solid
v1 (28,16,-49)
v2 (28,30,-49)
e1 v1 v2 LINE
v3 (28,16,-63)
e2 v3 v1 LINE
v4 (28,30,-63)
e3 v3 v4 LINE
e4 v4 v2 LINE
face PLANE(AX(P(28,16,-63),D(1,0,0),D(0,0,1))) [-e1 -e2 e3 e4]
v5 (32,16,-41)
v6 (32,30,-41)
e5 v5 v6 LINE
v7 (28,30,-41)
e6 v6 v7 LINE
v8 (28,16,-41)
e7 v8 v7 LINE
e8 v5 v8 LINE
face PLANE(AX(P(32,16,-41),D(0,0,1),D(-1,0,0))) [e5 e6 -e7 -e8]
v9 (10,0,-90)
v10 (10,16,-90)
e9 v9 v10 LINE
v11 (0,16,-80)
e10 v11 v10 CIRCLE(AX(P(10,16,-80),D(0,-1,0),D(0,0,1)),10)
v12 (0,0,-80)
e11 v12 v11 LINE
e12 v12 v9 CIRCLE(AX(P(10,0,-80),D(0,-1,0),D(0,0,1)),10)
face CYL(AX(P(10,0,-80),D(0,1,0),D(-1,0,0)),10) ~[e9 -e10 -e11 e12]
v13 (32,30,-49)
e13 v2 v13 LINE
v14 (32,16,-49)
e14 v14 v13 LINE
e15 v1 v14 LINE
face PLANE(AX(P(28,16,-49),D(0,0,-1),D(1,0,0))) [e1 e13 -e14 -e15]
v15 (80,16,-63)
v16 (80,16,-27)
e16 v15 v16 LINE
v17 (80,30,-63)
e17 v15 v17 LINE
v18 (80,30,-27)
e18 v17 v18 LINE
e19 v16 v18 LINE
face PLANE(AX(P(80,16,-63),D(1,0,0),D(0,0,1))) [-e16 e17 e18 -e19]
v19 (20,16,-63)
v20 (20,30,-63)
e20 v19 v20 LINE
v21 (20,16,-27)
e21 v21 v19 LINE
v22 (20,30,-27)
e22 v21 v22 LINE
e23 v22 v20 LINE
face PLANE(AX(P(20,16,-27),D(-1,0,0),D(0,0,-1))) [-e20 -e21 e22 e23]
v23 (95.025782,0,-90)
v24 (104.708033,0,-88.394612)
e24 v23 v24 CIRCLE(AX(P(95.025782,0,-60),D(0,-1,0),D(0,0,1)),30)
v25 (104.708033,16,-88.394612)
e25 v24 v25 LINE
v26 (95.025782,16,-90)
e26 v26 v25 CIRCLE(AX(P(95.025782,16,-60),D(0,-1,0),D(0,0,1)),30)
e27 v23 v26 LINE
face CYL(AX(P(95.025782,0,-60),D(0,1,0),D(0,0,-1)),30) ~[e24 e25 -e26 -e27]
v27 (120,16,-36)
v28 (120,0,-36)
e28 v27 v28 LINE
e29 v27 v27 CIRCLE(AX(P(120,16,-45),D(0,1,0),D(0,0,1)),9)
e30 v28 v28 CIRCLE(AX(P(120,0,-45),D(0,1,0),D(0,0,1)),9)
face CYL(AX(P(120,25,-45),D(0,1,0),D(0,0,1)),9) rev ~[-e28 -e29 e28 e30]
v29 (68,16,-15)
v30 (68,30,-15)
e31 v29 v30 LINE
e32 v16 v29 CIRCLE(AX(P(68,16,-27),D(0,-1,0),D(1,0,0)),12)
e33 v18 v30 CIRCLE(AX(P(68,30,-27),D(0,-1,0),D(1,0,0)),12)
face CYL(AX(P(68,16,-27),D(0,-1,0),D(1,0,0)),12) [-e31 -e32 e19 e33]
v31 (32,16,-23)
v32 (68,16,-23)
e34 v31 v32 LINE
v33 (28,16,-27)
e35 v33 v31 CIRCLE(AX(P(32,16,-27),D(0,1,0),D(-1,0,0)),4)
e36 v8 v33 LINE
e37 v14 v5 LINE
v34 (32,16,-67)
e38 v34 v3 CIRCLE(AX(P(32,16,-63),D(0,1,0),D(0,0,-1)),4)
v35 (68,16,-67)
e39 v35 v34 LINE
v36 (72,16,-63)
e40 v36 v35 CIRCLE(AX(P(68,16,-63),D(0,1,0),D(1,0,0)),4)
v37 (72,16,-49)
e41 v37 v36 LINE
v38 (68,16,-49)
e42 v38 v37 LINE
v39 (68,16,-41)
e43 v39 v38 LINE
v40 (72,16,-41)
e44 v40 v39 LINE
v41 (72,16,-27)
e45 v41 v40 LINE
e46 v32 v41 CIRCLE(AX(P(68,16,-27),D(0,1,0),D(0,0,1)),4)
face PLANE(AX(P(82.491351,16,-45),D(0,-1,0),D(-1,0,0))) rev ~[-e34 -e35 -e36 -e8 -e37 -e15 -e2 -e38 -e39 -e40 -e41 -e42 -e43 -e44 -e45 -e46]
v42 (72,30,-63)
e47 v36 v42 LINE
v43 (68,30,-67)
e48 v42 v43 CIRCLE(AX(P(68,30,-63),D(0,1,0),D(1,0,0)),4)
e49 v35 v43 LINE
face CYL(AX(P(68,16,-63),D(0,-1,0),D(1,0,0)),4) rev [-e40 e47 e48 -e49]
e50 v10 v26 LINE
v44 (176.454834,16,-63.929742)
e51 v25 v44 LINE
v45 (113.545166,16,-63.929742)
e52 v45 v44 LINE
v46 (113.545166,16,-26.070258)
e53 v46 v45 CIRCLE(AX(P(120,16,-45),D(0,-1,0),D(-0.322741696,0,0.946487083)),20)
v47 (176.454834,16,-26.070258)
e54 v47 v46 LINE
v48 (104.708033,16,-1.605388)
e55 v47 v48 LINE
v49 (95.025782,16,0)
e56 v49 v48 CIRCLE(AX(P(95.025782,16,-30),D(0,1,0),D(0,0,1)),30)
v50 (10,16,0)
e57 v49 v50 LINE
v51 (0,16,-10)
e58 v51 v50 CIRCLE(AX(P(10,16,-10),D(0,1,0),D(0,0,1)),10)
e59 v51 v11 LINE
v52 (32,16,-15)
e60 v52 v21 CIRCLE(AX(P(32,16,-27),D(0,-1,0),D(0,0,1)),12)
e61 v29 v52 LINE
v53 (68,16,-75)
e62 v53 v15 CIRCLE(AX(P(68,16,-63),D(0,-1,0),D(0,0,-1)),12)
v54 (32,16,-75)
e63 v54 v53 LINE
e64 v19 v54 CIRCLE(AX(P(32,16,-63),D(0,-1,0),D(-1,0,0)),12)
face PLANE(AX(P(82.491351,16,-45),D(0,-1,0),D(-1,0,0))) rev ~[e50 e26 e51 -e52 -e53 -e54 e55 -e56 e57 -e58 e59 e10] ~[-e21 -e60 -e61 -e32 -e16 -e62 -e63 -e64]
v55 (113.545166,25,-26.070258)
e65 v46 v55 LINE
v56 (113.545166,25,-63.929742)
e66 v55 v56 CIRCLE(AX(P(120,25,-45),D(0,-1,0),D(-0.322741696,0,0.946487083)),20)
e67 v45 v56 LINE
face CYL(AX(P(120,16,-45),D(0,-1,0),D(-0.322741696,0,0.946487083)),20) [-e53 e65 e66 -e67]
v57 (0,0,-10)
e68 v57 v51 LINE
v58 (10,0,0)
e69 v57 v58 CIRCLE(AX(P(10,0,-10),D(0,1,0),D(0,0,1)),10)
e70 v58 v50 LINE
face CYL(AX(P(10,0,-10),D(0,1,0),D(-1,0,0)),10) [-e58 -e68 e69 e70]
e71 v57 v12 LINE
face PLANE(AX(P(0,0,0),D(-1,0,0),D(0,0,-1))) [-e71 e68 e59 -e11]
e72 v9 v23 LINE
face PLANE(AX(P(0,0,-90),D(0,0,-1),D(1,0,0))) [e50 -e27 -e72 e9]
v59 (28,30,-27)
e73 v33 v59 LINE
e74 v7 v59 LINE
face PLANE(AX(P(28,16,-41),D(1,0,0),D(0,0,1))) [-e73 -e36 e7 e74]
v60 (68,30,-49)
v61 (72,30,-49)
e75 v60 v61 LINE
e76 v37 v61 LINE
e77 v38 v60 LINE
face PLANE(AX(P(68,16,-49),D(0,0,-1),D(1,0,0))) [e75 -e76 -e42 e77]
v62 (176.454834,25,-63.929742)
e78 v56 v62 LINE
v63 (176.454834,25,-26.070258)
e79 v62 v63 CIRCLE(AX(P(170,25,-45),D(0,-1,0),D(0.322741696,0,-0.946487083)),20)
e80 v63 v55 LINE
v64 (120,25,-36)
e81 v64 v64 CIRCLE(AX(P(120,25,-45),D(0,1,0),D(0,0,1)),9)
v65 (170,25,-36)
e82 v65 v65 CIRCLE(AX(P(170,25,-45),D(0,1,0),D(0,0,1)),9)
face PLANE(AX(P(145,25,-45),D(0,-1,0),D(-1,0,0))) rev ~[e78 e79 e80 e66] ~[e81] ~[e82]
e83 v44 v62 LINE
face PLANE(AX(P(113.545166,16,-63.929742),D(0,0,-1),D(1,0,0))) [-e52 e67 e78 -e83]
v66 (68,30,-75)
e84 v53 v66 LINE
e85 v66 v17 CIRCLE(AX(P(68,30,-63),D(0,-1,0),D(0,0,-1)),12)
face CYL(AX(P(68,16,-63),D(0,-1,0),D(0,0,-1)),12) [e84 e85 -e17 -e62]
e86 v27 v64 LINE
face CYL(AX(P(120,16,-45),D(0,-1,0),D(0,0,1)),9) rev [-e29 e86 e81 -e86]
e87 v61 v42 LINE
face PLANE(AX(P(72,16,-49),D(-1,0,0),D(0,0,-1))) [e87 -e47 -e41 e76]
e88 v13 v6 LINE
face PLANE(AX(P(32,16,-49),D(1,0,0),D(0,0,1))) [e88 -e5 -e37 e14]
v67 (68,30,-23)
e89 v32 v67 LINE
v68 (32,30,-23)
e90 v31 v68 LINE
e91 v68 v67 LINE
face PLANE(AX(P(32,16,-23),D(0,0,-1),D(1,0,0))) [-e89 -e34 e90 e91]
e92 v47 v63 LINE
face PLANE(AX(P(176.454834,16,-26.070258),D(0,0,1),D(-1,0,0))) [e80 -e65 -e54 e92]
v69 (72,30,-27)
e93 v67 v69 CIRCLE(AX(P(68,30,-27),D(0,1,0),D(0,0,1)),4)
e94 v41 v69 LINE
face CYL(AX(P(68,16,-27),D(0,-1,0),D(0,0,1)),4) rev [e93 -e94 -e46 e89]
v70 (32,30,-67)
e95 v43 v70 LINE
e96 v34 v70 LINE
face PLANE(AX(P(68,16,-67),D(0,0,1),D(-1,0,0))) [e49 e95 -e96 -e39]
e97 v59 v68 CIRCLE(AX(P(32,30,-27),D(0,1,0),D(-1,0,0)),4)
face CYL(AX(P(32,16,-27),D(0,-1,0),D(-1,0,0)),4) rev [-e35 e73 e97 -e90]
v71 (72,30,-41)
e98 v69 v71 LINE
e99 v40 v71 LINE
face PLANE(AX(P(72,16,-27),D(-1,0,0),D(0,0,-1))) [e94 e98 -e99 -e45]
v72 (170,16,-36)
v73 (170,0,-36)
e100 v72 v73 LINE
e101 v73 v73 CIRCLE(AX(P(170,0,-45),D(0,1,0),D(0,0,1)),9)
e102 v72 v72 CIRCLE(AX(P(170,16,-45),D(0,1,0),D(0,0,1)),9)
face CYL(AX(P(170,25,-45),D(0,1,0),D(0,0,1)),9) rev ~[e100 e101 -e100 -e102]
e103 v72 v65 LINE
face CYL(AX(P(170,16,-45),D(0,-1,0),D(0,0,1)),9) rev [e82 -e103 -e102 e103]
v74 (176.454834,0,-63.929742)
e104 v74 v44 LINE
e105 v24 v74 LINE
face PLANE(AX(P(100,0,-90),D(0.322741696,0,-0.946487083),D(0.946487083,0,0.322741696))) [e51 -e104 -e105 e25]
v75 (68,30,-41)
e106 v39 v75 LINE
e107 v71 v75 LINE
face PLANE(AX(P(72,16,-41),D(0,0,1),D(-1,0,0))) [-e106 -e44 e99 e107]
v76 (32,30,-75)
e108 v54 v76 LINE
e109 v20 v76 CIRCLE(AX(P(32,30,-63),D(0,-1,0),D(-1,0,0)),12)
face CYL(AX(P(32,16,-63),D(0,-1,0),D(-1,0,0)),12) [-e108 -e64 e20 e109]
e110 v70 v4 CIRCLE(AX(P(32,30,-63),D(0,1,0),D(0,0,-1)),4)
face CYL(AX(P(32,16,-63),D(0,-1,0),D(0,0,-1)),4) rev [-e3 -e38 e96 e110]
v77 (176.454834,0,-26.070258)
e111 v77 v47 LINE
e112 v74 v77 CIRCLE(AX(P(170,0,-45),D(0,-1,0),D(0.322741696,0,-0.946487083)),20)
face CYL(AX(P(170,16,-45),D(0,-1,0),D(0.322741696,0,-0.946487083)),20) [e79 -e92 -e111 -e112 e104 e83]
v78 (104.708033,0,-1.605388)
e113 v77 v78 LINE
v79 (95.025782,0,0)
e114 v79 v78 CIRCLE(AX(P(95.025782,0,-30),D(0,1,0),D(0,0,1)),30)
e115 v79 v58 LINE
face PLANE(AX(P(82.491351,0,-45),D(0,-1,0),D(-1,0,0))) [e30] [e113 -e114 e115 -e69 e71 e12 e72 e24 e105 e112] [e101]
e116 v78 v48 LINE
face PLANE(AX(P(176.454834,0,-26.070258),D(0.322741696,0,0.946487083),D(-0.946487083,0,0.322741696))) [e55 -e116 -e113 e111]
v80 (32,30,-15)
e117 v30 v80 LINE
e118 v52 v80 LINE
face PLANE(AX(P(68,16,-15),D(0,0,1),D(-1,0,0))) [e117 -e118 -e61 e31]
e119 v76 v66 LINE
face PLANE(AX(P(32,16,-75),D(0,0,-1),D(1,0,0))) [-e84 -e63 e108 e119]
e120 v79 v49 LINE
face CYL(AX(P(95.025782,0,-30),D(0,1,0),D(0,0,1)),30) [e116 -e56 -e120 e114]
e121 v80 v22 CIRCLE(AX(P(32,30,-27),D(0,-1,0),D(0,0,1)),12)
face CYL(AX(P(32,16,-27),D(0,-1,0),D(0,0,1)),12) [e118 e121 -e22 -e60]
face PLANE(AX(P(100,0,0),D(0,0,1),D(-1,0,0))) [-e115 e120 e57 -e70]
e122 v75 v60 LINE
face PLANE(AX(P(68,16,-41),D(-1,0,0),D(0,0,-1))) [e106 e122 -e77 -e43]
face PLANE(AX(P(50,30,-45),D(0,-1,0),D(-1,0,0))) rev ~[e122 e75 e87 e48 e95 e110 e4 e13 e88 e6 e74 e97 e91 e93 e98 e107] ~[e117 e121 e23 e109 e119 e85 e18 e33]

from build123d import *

# Parameters (mm, degrees)
EXTRUDE_1_DEPTH     = 16
FILLET_1_R          = 10
FILLET_2_R          = 30
EXTRUDE_2_DEPTH     = 14
SKETCH_5_R          = 9
EXTRUDE_3_DEPTH     = 9
SKETCH_7_R          = 9
CUT_EXTRUDE_2_DEPTH = 212.719153597


with BuildPart() as part:
    # 草图3 → 凸台-拉伸1 (new body)
    with BuildSketch(Plane(origin=(0, 0, 0), x_dir=(1, 0, 0), z_dir=(0, 1, 0))):
        with BuildLine():
            Line((0, 0), (0, 90))
            Line((0, 90), (100, 90))
            Line((100, 90), (176.45483392, 63.929741653))
            ThreePointArc((176.45483392, 63.929741653), (190, 45), (176.45483392, 26.070258347))
            Line((176.45483392, 26.070258347), (100, 0))
            Line((100, 0), (0, 0))
        make_face()
    extrude(amount=EXTRUDE_1_DEPTH)

    # 圆角1
    fillet_1_edges = [part.edges().sort_by_distance(p)[0] for p in [
        (0, 8, -90),
        (0, 8, 0),
    ]]
    fillet(fillet_1_edges, radius=FILLET_1_R)

    # 圆角2
    fillet_2_edges = [part.edges().sort_by_distance(p)[0] for p in [
        (100, 8, -90),
        (100, 8, 0),
    ]]
    fillet(fillet_2_edges, radius=FILLET_2_R)

    # 草图4 → 凸台-拉伸2 (add)
    with BuildSketch(Plane(origin=(0, 16, 0), x_dir=(1, 0, 0), z_dir=(0, 1, 0))):
        with BuildLine():
            Line((68, 75), (32, 75))
            ThreePointArc((32, 75), (23.514718626, 71.485281374), (20, 63))
            Line((20, 63), (20, 27))
            ThreePointArc((20, 27), (23.514718626, 18.514718626), (32, 15))
            Line((32, 15), (68, 15))
            ThreePointArc((68, 15), (76.485281374, 18.514718626), (80, 27))
            Line((80, 27), (80, 63))
            ThreePointArc((80, 63), (76.485281374, 71.485281374), (68, 75))
        make_face()
        with BuildLine():
            Line((28, 49), (28, 63))
            ThreePointArc((28, 63), (29.171572875, 65.828427125), (32, 67))
            Line((32, 67), (50, 67))
            Line((50, 67), (68, 67))
            ThreePointArc((68, 67), (70.828427125, 65.828427125), (72, 63))
            Line((72, 63), (72, 49))
            Line((72, 49), (68, 49))
            Line((68, 49), (68, 45))
            Line((68, 45), (68, 41))
            Line((68, 41), (72, 41))
            Line((72, 41), (72, 27))
            ThreePointArc((72, 27), (70.828427125, 24.171572875), (68, 23))
            Line((68, 23), (32, 23))
            ThreePointArc((32, 23), (29.171572875, 24.171572875), (28, 27))
            Line((28, 27), (28, 41))
            Line((28, 41), (32, 41))
            Line((32, 41), (32, 45))
            Line((32, 45), (32, 49))
            Line((32, 49), (28, 49))
        make_face(mode=Mode.SUBTRACT)
    extrude(amount=EXTRUDE_2_DEPTH)

    # 草图5 → 凸台-拉伸3 (add)
    with BuildSketch(Plane(origin=(0, 16, 0), x_dir=(1, 0, 0), z_dir=(0, 1, 0))):
        with BuildLine():
            Line((176.45483392, 63.929741653), (113.54516608, 63.929741653))
            ThreePointArc((113.54516608, 63.929741653), (100, 45), (113.54516608, 26.070258347))
            Line((113.54516608, 26.070258347), (176.45483392, 26.070258347))
            ThreePointArc((176.45483392, 26.070258347), (190, 45), (176.45483392, 63.929741653))
        make_face()
        with Locations((120, 45)):
            Circle(SKETCH_5_R, mode=Mode.SUBTRACT)
        with Locations((170, 45)):
            Circle(SKETCH_5_R, mode=Mode.SUBTRACT)
    extrude(amount=EXTRUDE_3_DEPTH)

    # 草图7 → 切除-拉伸2 (cut, through all)
    with BuildSketch(Plane(origin=(0, 25, 0), x_dir=(1, 0, 0), z_dir=(0, 1, 0))):
        with Locations((120, 45)):
            Circle(SKETCH_7_R)
        with Locations((170, 45)):
            Circle(SKETCH_7_R)
    extrude(amount=-CUT_EXTRUDE_2_DEPTH, mode=Mode.SUBTRACT)


solid = part.part
